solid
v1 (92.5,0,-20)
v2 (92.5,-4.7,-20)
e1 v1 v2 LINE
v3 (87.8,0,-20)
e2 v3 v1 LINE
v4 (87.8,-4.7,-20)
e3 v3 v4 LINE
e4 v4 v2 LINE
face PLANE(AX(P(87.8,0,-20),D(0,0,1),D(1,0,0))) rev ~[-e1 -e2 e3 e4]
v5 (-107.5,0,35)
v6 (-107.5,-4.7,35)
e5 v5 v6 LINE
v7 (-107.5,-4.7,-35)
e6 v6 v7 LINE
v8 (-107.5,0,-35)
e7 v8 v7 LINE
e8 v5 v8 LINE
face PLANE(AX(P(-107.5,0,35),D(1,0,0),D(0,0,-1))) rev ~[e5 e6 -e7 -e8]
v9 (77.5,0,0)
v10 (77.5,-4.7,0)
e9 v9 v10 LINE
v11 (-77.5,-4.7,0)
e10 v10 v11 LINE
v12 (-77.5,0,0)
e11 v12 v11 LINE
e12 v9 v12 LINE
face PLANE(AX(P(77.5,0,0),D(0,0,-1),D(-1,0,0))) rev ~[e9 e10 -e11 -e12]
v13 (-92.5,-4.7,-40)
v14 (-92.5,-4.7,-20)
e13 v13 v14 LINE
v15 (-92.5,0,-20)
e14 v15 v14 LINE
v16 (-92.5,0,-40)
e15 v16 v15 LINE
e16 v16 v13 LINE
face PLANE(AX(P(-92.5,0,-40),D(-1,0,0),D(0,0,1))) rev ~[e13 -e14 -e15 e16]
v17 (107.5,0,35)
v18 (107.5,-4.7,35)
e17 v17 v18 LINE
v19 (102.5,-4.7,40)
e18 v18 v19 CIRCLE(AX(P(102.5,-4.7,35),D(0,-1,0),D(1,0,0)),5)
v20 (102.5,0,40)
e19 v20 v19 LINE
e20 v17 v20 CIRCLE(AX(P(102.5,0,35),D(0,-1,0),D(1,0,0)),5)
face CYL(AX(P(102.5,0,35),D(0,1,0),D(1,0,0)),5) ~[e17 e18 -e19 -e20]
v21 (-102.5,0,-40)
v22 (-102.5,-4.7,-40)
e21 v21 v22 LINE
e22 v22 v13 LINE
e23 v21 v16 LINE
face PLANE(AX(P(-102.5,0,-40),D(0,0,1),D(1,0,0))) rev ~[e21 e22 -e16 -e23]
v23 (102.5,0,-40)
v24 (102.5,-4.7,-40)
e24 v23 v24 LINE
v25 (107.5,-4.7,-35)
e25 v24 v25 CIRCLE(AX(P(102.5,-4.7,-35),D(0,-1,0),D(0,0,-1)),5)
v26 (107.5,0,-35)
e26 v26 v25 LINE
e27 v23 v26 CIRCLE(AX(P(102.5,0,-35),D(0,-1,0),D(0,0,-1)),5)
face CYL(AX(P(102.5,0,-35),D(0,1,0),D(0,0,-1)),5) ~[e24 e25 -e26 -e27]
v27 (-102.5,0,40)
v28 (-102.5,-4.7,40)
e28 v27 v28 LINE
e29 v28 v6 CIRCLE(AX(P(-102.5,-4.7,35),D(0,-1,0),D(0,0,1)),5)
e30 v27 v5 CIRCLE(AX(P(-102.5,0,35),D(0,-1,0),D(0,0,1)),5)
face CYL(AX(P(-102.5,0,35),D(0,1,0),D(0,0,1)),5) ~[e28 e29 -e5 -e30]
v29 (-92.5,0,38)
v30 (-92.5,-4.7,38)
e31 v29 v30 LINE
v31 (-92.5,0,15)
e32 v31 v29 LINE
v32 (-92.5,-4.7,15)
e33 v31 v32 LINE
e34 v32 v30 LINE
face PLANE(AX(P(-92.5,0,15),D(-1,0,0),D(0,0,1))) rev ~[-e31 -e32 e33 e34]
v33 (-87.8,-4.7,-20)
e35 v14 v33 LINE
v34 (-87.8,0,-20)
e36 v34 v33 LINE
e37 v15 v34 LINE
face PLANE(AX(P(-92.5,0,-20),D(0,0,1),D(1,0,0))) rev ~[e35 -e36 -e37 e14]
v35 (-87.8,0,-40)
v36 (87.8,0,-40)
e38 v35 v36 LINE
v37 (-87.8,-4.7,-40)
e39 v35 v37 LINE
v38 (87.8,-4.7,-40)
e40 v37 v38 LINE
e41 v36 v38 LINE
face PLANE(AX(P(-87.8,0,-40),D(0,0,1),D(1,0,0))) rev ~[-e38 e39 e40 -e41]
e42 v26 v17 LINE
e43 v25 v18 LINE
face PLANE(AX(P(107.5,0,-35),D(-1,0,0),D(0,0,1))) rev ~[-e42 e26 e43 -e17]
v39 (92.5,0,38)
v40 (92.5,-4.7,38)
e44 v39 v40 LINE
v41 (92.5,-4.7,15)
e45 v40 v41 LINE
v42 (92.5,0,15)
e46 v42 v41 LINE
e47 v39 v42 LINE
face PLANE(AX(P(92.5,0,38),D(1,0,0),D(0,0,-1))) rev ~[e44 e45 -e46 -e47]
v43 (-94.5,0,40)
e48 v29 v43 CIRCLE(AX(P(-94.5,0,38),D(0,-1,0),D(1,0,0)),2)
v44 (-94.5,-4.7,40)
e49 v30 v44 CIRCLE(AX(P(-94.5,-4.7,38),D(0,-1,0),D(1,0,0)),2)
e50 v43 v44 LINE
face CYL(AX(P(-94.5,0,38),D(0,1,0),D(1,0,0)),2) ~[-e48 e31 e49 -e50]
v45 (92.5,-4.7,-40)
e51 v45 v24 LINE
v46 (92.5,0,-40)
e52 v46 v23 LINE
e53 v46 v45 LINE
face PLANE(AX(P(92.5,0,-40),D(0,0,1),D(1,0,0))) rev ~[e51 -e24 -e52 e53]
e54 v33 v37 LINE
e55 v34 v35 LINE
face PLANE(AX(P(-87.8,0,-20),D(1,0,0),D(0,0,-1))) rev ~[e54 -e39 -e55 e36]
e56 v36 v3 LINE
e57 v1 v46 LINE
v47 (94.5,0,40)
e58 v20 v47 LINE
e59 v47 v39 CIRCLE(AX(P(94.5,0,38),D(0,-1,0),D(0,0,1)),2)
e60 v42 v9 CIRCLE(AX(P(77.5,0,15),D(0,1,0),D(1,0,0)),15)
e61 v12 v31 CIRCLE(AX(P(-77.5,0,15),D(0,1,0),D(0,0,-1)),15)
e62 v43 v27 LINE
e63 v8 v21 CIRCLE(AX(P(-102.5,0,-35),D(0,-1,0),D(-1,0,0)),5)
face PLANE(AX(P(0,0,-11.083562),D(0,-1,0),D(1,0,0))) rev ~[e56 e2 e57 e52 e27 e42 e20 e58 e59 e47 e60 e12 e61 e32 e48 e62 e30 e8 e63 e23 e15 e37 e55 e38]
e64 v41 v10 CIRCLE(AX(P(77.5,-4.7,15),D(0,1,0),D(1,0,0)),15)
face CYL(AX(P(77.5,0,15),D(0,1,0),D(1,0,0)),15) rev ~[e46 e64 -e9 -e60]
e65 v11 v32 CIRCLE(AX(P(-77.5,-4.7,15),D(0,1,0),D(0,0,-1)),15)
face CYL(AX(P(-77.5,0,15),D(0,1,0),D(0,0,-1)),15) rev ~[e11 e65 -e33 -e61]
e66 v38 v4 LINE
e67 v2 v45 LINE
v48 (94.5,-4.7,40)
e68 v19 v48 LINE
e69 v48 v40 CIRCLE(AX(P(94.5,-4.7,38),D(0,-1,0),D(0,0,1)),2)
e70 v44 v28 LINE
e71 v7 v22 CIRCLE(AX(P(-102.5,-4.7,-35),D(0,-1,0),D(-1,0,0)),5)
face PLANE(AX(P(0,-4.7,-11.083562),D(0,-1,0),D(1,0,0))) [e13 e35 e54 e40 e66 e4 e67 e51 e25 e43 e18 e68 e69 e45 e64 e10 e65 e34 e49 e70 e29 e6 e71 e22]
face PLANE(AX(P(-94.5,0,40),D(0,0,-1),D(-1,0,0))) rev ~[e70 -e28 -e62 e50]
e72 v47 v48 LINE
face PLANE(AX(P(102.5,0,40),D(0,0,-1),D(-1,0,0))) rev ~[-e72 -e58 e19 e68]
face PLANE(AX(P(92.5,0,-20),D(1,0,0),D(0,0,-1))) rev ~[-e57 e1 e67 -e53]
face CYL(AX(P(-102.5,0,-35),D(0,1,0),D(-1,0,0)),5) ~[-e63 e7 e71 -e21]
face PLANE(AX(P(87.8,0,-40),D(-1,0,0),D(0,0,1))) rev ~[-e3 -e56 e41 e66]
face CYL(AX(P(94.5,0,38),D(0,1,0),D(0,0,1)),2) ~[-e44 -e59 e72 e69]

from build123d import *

# Parameters (mm, degrees)
F2_DEPTH = 4.7


with BuildPart() as f2:
    # F1 (on Front) → F2 (new body)
    with BuildSketch(Plane.XZ):
        with BuildLine():
            Line((-92.5, 15), (-92.5, 38))
            ThreePointArc((-92.5, 38), (-93.0857864376, 39.4142135624), (-94.5, 40))
            Line((-94.5, 40), (-102.5, 40))
            ThreePointArc((-102.5, 40), (-106.0355339059, 38.5355339059), (-107.5, 35))
            Line((-107.5, 35), (-107.5, -35))
            ThreePointArc((-107.5, -35), (-106.0355339059, -38.5355339059), (-102.5, -40))
            Line((-102.5, -40), (-92.5, -40))
            Line((-92.5, -40), (-92.5, -20))
            Line((-92.5, -20), (-87.8, -20))
            Line((-87.8, -20), (-87.8, -40))
            Line((-87.8, -40), (87.8, -40))
            Line((87.8, -40), (87.8, -20))
            Line((87.8, -20), (92.5, -20))
            Line((92.5, -20), (92.5, -40))
            Line((92.5, -40), (102.5, -40))
            ThreePointArc((102.5, -40), (106.0355339059, -38.5355339059), (107.5, -35))
            Line((107.5, -35), (107.5, 35))
            ThreePointArc((107.5, 35), (106.0355339059, 38.5355339059), (102.5, 40))
            Line((102.5, 40), (94.5, 40))
            ThreePointArc((94.5, 40), (93.0857864376, 39.4142135624), (92.5, 38))
            Line((92.5, 38), (92.5, 15))
            ThreePointArc((92.5, 15), (88.1066017178, 4.3933982822), (77.5, 0))
            Line((77.5, 0), (-77.5, 0))
            ThreePointArc((-77.5, 0), (-88.1066017178, 4.3933982822), (-92.5, 15))
        make_face()
    extrude(amount=F2_DEPTH)


solid = f2.part
